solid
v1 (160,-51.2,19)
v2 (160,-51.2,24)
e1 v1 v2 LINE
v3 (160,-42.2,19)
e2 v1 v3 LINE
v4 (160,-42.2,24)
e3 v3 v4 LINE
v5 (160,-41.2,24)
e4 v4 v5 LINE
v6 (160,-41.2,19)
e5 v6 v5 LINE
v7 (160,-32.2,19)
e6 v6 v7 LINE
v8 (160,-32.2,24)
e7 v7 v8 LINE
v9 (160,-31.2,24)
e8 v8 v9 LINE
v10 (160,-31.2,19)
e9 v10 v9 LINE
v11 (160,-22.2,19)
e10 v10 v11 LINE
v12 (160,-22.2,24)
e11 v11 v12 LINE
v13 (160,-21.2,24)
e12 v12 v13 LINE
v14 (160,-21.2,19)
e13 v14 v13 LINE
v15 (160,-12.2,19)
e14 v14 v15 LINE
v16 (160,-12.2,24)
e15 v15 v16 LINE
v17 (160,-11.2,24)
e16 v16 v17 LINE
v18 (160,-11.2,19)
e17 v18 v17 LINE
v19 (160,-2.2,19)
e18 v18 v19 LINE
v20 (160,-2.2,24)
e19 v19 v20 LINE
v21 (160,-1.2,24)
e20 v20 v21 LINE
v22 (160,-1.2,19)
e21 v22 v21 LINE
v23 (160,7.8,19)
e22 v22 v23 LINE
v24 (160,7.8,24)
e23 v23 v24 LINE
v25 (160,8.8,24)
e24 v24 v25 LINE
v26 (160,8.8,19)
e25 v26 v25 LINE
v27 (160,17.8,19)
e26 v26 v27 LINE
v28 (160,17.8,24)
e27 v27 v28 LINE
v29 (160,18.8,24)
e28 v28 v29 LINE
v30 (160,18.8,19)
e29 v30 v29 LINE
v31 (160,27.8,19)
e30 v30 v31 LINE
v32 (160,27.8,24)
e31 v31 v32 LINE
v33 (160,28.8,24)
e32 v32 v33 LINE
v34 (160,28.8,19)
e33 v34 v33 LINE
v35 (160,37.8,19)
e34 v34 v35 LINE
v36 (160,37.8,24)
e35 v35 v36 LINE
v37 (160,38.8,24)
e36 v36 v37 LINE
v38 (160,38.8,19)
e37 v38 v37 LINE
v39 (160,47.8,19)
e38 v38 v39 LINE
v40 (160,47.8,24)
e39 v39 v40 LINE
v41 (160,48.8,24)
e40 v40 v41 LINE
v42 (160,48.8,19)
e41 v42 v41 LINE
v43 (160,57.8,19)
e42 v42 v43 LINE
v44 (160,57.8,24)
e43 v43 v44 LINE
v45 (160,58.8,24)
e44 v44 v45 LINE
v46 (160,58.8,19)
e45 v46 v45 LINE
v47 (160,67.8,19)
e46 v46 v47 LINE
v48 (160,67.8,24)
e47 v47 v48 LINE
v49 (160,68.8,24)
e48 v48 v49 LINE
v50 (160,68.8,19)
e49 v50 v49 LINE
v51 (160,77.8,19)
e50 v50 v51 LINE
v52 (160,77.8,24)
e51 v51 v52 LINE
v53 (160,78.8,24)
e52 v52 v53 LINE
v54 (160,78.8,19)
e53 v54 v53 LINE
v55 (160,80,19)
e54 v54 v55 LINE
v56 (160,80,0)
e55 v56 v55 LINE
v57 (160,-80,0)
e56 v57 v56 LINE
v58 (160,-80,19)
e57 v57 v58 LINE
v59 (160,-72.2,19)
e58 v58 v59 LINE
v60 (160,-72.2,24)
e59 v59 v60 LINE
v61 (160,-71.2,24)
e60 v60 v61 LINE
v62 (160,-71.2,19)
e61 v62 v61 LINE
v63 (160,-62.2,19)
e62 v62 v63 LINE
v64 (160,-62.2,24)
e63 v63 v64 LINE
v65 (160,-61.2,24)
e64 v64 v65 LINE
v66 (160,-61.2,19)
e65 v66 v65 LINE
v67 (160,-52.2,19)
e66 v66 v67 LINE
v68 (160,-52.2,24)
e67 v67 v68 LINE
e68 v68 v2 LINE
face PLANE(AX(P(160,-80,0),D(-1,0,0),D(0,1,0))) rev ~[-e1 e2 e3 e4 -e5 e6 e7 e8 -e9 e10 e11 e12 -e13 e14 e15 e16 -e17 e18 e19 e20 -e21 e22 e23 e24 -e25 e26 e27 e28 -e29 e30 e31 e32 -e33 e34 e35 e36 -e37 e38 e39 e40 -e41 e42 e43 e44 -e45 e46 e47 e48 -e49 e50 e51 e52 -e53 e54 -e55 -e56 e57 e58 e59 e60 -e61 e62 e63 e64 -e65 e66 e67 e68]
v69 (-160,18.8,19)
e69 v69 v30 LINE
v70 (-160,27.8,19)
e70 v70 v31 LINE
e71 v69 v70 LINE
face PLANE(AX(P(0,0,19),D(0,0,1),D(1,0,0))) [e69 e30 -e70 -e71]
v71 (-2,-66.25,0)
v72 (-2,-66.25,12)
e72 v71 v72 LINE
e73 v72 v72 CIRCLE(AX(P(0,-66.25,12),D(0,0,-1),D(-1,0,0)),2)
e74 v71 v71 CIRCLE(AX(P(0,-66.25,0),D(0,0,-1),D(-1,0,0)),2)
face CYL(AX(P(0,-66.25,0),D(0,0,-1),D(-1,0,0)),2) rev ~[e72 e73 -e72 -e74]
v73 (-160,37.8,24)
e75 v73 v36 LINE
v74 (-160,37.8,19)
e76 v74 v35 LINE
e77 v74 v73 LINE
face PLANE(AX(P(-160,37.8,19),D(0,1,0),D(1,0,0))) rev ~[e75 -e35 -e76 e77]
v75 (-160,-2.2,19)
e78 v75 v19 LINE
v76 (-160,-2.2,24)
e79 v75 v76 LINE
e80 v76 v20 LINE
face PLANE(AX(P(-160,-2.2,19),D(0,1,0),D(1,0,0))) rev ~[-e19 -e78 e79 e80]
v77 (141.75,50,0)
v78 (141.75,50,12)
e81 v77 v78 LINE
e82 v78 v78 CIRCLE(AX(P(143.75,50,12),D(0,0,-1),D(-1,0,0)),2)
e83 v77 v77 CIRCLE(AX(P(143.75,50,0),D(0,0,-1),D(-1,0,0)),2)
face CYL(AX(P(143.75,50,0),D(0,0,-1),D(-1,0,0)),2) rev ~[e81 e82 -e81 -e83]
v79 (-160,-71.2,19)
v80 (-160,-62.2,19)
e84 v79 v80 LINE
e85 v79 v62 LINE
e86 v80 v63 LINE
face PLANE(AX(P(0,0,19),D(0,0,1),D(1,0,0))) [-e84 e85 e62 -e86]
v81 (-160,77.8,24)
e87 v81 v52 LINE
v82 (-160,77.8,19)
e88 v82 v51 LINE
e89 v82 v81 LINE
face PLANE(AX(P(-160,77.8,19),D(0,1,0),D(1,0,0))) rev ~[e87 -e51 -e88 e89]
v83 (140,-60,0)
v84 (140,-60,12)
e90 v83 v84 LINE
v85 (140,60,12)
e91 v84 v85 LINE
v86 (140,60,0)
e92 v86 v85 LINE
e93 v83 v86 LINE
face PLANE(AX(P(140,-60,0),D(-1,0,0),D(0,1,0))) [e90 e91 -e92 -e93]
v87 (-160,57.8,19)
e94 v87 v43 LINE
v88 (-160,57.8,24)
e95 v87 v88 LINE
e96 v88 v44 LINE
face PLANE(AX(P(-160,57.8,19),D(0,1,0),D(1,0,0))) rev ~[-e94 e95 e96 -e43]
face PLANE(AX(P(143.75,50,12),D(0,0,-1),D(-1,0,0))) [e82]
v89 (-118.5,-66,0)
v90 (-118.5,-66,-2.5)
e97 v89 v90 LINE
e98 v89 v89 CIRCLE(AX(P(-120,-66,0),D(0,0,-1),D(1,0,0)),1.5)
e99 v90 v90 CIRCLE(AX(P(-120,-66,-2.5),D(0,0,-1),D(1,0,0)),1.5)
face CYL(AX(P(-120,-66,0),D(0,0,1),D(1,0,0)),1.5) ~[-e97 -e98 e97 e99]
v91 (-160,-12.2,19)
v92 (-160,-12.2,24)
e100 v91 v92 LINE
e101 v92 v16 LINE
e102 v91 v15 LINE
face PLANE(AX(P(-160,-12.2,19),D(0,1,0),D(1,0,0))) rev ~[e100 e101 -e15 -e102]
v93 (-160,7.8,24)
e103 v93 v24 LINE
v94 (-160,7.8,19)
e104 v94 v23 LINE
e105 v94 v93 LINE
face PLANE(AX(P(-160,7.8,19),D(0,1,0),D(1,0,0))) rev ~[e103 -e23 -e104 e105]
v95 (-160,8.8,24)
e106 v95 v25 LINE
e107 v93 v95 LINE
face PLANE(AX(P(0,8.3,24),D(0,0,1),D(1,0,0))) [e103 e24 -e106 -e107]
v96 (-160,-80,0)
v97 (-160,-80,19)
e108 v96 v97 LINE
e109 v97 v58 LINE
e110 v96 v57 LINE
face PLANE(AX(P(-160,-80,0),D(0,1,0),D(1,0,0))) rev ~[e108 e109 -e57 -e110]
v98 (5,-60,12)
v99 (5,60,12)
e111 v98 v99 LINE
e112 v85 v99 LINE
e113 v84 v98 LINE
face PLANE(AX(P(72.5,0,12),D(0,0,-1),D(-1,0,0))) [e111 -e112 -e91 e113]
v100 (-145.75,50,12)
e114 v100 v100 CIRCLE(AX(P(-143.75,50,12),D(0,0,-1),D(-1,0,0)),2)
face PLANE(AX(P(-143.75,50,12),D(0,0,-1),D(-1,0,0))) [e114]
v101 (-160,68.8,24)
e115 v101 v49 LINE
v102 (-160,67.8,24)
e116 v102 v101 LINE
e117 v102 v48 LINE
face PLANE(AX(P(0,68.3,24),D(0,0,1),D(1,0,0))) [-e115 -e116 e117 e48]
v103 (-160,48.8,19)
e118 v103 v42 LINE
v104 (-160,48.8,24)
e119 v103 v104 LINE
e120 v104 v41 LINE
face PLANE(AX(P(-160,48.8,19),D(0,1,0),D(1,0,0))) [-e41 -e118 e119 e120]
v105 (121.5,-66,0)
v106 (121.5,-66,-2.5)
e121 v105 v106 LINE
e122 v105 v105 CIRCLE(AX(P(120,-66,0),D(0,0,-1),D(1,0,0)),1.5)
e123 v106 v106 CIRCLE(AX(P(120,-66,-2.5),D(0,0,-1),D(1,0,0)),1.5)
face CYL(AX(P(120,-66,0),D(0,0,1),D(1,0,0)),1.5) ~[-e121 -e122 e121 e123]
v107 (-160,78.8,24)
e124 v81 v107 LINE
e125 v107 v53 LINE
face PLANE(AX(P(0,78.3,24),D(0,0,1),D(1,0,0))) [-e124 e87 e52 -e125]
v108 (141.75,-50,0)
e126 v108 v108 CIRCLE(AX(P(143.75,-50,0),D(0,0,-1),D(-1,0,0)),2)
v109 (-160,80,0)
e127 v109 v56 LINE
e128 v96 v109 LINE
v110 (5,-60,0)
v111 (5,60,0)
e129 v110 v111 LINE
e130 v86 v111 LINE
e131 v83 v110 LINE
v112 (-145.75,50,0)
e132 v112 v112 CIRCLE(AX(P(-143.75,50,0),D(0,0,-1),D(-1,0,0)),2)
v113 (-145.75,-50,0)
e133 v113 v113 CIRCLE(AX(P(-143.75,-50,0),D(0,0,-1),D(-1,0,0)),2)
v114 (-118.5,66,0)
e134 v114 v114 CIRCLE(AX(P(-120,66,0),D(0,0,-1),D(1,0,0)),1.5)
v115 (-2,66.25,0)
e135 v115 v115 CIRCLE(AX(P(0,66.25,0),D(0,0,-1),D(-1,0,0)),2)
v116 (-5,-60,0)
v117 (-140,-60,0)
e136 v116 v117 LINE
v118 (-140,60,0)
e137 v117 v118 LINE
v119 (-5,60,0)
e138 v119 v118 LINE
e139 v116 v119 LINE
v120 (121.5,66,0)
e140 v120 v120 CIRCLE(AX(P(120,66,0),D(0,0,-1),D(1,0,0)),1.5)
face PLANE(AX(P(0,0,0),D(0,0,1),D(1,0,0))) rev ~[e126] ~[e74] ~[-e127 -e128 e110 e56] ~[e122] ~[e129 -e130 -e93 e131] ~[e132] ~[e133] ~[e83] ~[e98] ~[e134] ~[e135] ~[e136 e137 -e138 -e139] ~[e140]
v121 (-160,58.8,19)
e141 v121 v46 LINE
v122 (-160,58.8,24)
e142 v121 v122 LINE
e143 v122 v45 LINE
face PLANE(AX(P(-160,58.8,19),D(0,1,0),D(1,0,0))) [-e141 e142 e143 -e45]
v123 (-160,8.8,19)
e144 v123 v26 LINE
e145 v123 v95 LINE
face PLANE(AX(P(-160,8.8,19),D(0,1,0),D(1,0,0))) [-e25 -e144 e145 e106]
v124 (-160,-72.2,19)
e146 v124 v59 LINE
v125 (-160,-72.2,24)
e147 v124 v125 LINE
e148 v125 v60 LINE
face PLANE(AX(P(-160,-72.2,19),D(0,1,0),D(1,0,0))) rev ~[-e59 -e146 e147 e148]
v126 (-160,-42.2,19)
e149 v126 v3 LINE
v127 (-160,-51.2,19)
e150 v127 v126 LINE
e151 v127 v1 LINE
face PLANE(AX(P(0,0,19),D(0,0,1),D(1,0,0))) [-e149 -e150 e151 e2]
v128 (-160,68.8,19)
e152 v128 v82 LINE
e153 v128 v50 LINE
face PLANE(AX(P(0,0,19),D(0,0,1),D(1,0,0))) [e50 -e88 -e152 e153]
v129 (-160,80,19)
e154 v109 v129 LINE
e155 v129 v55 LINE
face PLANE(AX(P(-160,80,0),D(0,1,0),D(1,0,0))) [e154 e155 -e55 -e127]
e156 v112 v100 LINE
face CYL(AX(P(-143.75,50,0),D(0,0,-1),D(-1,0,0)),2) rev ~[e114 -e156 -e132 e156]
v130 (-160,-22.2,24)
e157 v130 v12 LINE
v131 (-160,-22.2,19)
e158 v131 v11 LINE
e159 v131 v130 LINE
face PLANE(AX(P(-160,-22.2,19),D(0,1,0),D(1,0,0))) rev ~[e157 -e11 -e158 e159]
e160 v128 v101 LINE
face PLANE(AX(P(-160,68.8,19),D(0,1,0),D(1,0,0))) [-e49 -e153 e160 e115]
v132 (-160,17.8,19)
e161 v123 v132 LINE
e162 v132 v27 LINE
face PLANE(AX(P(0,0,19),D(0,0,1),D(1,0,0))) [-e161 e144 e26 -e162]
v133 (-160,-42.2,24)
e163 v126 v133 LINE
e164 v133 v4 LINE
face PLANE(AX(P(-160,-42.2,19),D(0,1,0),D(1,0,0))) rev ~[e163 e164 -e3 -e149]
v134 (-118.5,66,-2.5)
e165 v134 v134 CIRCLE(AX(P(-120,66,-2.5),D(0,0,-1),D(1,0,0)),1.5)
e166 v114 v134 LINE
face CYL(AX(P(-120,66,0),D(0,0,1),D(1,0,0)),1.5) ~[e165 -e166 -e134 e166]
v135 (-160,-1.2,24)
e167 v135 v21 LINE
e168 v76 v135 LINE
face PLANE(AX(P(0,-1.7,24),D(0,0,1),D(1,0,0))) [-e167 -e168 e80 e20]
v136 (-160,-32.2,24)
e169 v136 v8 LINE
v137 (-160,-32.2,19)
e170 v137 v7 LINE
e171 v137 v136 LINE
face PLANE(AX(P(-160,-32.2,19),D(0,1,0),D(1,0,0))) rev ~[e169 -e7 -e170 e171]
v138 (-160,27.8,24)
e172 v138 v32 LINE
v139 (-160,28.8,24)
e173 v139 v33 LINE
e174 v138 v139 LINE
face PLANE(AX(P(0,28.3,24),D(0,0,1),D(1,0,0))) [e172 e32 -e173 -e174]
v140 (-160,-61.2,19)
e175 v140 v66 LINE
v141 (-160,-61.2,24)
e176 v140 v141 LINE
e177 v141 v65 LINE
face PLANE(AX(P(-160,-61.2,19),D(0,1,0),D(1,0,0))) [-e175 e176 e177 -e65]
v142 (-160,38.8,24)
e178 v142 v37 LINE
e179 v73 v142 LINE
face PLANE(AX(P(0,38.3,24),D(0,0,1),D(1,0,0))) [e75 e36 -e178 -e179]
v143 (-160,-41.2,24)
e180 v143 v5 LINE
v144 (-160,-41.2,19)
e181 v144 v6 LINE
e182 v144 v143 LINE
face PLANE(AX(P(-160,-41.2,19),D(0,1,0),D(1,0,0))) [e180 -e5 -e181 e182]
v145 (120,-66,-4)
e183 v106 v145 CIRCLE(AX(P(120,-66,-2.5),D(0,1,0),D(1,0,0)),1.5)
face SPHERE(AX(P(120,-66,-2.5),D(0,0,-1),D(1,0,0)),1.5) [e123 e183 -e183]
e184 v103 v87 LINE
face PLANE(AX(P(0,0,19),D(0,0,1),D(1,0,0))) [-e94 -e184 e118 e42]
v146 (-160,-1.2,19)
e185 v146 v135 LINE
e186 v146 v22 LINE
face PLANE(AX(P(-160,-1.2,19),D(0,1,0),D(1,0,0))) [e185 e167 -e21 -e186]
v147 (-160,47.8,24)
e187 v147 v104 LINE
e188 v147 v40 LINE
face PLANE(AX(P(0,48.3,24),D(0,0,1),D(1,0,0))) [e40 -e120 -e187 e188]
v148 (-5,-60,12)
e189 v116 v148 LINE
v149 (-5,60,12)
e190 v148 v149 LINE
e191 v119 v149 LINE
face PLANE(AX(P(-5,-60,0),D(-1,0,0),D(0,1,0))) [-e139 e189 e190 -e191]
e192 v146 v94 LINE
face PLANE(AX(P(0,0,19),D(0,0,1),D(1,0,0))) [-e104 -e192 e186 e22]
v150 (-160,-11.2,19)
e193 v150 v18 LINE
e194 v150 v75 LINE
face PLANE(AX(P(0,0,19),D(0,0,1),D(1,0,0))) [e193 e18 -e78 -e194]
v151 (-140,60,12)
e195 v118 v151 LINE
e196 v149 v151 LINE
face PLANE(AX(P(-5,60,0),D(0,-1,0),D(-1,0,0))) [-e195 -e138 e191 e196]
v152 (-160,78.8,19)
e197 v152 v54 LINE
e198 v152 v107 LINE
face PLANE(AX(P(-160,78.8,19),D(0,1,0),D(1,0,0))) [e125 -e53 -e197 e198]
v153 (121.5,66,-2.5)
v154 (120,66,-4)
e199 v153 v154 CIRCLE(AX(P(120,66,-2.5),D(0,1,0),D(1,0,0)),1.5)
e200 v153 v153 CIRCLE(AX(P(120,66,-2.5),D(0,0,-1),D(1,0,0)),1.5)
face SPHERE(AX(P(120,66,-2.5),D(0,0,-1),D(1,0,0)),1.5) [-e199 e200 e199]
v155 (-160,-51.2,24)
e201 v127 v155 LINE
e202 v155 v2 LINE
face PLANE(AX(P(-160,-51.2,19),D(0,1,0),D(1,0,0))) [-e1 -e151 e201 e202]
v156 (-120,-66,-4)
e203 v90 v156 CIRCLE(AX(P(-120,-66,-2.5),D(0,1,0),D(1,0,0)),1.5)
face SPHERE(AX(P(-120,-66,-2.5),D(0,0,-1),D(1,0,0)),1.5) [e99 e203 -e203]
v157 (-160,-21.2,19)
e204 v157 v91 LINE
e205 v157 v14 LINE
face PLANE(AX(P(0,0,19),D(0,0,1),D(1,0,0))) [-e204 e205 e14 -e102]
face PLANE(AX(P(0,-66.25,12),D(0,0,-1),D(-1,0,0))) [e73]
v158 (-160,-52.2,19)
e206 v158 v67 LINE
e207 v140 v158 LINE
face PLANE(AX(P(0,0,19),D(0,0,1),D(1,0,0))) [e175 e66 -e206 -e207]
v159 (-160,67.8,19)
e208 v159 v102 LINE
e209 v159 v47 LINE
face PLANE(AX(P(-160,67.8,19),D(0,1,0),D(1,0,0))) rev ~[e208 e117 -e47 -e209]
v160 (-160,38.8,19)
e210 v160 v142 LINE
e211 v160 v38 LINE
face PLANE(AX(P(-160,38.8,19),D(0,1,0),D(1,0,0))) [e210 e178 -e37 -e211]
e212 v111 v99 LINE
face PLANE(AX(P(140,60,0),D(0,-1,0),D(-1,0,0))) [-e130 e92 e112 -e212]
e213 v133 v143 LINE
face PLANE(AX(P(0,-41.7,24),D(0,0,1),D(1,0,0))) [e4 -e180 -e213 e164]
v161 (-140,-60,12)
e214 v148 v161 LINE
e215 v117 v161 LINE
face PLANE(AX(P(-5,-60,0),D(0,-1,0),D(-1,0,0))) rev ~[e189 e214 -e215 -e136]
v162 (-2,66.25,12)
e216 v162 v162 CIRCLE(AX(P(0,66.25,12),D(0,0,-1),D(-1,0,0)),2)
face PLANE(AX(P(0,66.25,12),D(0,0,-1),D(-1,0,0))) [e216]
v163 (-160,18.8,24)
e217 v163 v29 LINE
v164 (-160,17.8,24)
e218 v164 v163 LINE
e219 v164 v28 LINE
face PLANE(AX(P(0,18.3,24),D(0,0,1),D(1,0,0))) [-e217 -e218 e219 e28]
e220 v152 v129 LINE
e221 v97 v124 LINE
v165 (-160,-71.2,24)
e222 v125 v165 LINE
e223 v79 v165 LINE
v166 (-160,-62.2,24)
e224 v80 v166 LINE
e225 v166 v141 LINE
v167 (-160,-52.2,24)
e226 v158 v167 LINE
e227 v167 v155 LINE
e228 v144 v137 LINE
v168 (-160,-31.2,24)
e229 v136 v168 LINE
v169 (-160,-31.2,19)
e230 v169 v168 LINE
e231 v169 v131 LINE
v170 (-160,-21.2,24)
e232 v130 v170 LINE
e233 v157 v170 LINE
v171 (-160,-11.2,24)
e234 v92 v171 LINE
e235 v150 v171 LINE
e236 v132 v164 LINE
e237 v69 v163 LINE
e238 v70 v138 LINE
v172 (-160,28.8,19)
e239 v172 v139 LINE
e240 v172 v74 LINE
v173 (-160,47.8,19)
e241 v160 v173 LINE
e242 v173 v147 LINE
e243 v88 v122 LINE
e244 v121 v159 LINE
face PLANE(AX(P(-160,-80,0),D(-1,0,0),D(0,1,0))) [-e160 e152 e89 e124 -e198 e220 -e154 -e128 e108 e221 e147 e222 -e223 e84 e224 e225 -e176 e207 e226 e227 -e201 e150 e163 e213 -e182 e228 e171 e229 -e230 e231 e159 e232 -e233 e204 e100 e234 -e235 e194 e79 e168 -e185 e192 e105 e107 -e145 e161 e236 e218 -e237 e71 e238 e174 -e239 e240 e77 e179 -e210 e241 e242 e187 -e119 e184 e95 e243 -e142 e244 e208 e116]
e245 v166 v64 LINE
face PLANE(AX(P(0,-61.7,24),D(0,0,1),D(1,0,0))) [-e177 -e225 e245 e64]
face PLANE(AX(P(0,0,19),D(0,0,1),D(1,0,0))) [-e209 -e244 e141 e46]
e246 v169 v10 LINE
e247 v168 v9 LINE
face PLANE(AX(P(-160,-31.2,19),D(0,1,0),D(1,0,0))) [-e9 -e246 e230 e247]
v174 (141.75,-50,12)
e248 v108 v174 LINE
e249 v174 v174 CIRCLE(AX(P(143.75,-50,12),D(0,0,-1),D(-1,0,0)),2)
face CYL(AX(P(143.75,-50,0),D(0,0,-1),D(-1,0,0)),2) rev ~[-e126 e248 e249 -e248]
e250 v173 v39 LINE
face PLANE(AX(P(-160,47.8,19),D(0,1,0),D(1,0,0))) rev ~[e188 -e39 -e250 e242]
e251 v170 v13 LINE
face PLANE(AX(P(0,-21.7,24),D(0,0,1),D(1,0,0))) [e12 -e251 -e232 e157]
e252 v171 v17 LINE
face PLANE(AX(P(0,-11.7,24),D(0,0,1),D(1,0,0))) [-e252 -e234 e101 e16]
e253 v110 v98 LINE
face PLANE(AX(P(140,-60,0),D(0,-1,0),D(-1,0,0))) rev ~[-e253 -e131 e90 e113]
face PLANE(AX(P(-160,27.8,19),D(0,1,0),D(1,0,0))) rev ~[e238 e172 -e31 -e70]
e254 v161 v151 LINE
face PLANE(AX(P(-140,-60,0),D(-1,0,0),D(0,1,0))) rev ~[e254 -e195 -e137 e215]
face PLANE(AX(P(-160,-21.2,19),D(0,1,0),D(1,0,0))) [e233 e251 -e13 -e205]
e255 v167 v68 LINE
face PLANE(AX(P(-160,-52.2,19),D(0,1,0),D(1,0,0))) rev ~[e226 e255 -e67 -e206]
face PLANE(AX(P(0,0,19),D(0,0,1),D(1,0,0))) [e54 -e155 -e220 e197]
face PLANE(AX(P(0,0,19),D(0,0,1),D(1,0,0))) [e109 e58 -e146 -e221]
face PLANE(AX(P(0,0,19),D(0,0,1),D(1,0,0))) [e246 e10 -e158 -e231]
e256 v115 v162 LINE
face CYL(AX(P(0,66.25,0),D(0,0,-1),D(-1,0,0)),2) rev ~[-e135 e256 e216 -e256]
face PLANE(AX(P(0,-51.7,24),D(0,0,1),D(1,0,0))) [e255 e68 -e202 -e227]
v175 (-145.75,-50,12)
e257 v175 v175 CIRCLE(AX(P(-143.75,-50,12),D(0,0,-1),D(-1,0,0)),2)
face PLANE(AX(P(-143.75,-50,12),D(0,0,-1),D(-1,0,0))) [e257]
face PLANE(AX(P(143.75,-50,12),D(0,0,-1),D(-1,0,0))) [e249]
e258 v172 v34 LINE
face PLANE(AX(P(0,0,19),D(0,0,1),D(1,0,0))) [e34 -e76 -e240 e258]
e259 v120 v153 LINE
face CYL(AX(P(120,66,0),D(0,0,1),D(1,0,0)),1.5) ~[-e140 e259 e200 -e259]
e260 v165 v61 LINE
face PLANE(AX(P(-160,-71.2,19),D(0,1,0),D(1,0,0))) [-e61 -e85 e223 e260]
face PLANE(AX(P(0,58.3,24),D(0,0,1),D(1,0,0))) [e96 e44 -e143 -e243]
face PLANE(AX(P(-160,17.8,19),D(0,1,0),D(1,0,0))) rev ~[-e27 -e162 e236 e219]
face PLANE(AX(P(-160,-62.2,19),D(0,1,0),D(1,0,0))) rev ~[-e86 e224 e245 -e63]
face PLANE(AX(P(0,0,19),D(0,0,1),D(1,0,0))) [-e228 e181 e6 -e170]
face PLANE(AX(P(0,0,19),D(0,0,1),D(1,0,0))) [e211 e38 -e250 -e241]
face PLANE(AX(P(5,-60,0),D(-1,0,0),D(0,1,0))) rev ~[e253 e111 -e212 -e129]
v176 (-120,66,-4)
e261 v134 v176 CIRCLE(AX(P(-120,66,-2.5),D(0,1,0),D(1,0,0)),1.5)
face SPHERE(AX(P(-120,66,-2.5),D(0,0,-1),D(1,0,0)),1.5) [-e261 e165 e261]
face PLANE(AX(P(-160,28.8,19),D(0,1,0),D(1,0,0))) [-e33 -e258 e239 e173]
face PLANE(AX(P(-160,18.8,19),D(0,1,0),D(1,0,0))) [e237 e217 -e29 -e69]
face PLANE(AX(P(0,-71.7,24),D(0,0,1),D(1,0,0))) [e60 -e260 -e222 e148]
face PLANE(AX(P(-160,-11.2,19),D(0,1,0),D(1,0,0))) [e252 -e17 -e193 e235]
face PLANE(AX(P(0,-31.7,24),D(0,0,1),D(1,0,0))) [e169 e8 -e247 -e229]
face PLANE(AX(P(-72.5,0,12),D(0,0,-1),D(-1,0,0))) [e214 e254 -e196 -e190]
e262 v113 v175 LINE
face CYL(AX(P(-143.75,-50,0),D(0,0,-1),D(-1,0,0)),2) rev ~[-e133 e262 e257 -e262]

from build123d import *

# Parameters (mm, degrees)
SKETCH1_W           = 320
SKETCH1_H           = 160
BOSS_EXTRUDE1_DEPTH = 19
SKETCH4_W           = 320
SKETCH4_H           = 1
BOSS_EXTRUDE4_DEPTH = 5
LPATTERN2_COUNT     = 16
LPATTERN2_PITCH     = 10
SKETCH5_W           = 135
SKETCH5_H           = 120
CUT_EXTRUDE1_DEPTH  = 12
SKETCH6_R           = 2
CUT_EXTRUDE2_DEPTH  = 12
SKETCH7_R           = 1.5
BOSS_EXTRUDE5_DEPTH = 4
FILLET2_R           = 1.5


with BuildPart() as part:
    # Sketch1 → Boss-Extrude1 (new body)
    with BuildSketch(Plane.XY):
        Rectangle(SKETCH1_W, SKETCH1_H)
    extrude(amount=BOSS_EXTRUDE1_DEPTH)

    # Sketch4 → Boss-Extrude4 (add)
    with BuildSketch(Plane.XY.offset(19)):
        with Locations((0, 78.3)):
            Rectangle(SKETCH4_W, SKETCH4_H)
    boss_extrude4 = extrude(amount=BOSS_EXTRUDE4_DEPTH)

    # LPattern2: Boss-Extrude4 ×16
    with Locations(*[(0, -i * LPATTERN2_PITCH, 0) for i in range(1, LPATTERN2_COUNT)]):
        add(boss_extrude4)

    # Sketch5 → Cut-Extrude1 (cut)
    with BuildSketch(Plane(origin=(0, 0, 0), x_dir=(-1, 0, 0), z_dir=(0, 0, -1))):
        with Locations((-72.5, 0)):
            Rectangle(SKETCH5_W, SKETCH5_H)
        with Locations((72.5, 0)):
            Rectangle(SKETCH5_W, SKETCH5_H)
    extrude(amount=-CUT_EXTRUDE1_DEPTH, mode=Mode.SUBTRACT)

    # Sketch6 → Cut-Extrude2 (cut)
    with BuildSketch(Plane(origin=(0, 0, 0), x_dir=(-1, 0, 0), z_dir=(0, 0, -1))):
        with Locations((-143.75, 50)):
            Circle(SKETCH6_R)
        with Locations((-143.75, -50)):
            Circle(SKETCH6_R)
        with Locations((0, 66.25)):
            Circle(SKETCH6_R)
        with Locations((143.75, 50)):
            Circle(SKETCH6_R)
        with Locations((143.75, -50)):
            Circle(SKETCH6_R)
        with Locations((0, -66.25)):
            Circle(SKETCH6_R)
    extrude(amount=-CUT_EXTRUDE2_DEPTH, mode=Mode.SUBTRACT)

    # Sketch7 → Boss-Extrude5 (add)
    with BuildSketch(Plane(origin=(0, 0, 0), x_dir=(-1, 0, 0), z_dir=(0, 0, -1))):
        with Locations(Location((-120, 66, 0), (0, 0, 180))):
            Circle(SKETCH7_R)
        with Locations(Location((120, 66, 0), (0, 0, 180))):
            Circle(SKETCH7_R)
        with Locations(Location((120, -66, 0), (0, 0, 180))):
            Circle(SKETCH7_R)
        with Locations(Location((-120, -66, 0), (0, 0, 180))):
            Circle(SKETCH7_R)
    extrude(amount=BOSS_EXTRUDE5_DEPTH)

    # Fillet2
    fillet2_edges = [part.edges().sort_by_distance(p)[0] for p in [
        (118.5, 66, -4),
        (-121.5, 66, -4),
        (-121.5, -66, -4),
        (118.5, -66, -4),
    ]]
    fillet(fillet2_edges, radius=FILLET2_R)


solid = part.part
